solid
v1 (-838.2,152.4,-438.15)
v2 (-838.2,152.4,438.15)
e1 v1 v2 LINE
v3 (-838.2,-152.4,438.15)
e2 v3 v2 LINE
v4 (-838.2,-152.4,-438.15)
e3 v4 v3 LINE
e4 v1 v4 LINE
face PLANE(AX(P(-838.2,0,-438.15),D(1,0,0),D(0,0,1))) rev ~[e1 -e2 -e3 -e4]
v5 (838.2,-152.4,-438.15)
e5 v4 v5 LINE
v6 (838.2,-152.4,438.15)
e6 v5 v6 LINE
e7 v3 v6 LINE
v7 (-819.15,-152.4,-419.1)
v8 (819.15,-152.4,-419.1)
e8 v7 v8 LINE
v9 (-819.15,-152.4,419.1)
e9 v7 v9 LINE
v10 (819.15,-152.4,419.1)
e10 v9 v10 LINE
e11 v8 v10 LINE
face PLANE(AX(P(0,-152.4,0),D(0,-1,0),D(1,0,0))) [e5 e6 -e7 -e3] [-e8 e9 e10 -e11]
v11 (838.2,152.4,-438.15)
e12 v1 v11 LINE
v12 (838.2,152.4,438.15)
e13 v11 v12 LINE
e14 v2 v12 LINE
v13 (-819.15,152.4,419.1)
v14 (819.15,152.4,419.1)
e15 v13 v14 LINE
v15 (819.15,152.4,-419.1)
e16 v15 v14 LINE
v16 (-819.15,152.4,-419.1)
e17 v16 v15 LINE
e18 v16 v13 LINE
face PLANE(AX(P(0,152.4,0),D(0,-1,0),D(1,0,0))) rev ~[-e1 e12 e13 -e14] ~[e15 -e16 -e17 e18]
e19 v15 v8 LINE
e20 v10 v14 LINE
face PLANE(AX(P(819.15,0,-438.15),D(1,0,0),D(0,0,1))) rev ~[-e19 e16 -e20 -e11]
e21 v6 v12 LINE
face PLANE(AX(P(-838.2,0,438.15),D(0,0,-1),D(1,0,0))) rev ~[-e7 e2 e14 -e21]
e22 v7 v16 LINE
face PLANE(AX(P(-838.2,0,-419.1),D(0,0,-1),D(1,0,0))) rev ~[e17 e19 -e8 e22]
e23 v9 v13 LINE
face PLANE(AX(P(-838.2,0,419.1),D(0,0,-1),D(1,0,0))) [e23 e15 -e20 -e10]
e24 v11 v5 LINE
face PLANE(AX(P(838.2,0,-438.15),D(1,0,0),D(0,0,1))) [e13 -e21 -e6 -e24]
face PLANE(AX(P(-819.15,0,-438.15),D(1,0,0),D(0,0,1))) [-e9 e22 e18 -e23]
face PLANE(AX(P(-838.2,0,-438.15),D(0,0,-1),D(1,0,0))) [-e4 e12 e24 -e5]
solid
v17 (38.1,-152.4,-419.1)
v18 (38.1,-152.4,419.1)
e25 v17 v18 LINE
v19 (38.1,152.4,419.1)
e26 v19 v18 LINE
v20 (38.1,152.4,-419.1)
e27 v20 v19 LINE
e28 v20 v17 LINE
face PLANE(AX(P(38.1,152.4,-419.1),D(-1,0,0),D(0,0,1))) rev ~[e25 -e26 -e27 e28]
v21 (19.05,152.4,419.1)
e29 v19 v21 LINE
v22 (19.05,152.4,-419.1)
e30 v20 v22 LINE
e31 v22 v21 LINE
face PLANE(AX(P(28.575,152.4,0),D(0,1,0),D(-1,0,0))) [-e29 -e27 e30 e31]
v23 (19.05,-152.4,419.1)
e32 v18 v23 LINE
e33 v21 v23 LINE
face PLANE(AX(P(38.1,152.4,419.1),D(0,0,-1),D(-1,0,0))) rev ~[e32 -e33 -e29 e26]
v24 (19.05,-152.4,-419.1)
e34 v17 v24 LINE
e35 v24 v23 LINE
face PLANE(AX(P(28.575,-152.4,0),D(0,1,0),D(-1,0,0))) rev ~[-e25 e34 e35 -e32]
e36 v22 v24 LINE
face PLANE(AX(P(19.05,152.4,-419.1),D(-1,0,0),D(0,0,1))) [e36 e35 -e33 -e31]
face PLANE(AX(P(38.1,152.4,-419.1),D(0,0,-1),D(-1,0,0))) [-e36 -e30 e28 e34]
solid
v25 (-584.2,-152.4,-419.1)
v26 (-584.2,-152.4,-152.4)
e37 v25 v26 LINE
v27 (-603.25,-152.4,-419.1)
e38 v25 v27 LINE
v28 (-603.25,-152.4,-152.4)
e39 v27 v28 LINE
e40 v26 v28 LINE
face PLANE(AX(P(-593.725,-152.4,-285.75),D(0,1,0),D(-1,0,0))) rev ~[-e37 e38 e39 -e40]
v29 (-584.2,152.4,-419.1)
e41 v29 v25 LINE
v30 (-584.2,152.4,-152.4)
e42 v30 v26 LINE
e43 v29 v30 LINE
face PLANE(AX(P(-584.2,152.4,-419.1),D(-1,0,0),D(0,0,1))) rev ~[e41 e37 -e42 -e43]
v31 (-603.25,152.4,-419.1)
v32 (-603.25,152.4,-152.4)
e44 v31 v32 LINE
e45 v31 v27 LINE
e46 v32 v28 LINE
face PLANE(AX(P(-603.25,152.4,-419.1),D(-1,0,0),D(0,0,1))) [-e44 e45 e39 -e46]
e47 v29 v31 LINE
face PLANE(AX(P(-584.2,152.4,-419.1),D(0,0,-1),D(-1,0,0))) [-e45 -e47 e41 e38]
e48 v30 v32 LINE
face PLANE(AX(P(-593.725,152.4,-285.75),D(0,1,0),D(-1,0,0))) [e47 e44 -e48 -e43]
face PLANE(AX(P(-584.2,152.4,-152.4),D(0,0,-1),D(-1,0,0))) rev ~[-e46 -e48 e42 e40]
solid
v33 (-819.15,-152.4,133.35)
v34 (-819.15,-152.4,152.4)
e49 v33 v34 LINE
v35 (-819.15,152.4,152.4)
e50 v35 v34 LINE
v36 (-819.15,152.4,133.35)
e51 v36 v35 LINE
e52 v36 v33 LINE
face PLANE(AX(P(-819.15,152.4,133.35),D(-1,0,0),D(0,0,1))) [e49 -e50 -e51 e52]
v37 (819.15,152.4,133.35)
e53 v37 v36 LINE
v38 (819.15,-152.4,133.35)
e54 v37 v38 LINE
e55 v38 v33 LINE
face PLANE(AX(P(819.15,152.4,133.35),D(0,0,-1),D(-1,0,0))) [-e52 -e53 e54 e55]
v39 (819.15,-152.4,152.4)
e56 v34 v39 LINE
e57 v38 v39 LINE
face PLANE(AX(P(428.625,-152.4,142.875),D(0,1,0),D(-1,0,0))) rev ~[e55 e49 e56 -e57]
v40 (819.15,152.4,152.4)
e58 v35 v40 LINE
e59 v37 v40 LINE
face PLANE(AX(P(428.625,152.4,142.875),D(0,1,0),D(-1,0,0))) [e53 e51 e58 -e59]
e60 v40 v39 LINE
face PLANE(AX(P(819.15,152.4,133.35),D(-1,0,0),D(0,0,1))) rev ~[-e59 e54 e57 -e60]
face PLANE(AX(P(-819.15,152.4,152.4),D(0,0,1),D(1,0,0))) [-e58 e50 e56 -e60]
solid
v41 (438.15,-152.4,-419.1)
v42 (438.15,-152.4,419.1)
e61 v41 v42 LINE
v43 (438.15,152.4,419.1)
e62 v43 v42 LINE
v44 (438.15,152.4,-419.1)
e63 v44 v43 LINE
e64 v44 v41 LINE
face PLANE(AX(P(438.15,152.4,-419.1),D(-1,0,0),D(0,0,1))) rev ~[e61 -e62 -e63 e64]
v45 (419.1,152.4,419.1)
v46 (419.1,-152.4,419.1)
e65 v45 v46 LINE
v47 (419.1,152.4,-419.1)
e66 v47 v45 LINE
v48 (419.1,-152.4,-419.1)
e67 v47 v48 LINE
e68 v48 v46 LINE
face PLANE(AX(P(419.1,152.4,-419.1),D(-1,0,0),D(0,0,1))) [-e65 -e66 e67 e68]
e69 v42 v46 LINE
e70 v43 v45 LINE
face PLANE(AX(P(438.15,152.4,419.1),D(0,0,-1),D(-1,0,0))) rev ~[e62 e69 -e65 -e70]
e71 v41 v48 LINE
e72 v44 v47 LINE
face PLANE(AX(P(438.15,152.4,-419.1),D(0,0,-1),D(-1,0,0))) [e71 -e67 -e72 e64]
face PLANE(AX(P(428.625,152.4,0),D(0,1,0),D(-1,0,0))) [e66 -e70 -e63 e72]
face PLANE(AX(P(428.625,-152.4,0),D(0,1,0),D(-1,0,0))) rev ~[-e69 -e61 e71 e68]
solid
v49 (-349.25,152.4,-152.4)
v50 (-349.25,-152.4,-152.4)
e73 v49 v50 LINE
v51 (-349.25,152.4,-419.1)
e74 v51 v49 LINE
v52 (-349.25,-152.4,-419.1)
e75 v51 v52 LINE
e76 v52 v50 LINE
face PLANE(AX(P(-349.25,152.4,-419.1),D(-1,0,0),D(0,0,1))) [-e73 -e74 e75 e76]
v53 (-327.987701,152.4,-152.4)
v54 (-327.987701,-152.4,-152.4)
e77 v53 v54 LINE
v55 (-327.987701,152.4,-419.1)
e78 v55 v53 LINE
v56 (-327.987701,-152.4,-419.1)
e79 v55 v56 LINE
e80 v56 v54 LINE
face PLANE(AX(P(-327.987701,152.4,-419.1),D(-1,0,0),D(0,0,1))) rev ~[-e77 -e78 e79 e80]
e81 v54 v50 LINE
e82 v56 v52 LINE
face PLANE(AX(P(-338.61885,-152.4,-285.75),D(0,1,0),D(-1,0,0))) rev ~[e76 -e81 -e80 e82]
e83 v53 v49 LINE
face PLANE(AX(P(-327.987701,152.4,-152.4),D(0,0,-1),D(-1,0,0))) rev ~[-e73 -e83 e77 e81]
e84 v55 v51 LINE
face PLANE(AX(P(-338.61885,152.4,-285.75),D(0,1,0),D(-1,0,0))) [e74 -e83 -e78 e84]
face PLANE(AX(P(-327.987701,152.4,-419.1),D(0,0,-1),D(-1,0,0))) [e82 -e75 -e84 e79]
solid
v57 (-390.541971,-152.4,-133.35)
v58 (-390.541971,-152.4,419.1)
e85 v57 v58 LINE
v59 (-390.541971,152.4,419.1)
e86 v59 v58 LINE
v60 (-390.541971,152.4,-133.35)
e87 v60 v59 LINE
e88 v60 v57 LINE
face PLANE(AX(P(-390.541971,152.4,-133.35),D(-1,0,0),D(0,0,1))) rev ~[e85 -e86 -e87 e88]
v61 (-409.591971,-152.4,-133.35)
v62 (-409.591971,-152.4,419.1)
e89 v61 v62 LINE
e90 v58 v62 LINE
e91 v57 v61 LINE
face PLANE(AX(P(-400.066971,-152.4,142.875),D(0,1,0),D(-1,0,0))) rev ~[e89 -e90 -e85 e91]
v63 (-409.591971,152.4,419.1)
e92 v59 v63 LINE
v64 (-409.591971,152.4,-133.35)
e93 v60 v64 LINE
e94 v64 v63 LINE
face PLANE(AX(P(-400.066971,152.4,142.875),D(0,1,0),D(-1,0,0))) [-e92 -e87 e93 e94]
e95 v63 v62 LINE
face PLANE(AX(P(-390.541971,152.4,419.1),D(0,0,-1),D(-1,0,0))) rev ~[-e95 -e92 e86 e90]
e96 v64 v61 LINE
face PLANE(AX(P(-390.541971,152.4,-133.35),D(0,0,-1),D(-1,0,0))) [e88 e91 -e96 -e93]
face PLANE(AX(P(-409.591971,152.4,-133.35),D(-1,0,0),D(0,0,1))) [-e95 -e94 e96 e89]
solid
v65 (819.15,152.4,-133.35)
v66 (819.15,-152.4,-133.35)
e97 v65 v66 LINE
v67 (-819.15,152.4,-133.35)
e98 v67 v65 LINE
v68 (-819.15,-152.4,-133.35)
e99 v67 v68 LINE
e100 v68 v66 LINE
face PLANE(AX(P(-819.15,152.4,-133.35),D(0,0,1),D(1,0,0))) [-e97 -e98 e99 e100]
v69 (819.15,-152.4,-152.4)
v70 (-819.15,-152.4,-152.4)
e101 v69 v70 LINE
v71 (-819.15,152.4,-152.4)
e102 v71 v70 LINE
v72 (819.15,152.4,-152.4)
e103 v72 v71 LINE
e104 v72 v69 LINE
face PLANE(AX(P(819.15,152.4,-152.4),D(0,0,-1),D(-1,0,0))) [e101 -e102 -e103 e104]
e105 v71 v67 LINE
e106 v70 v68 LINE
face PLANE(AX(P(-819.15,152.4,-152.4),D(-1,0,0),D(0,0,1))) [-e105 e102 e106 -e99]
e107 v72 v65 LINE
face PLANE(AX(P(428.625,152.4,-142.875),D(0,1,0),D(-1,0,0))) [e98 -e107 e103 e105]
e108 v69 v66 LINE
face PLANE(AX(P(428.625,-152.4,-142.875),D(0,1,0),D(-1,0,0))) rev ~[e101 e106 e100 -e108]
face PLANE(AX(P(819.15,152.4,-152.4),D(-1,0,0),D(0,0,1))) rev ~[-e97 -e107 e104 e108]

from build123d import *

# Parameters (mm, degrees)
F1_W      = 1676.4
F1_H      = 876.3
F2_DEPTH  = 152.4
F3_T      = -19.05
F4_W      = 19.05
F4_H      = 838.2
F5_DEPTH  = 304.8
F6_W      = 19.05
F6_H      = 838.2
F7_DEPTH  = 304.8
F8_W      = 781.05
F8_H      = 19.05
F8_W_2    = 838.2
F8_W_3    = 19.05
F9_DEPTH  = 304.8
F10_W     = 19.05
F10_H     = 552.45
F11_DEPTH = 304.8
F10_W_2   = 21.2622992992
F10_H_2   = 266.7


with BuildPart() as f2:
    # F1 (on Front) → F2 (new body, symmetric)
    with BuildSketch(Plane.XZ):
        Rectangle(F1_W, F1_H)
    extrude(amount=F2_DEPTH, both=True)

    # F3
    f3_openings = [f2.faces().sort_by_distance(p)[0] for p in [
        (0, -152.4, 0),
        (0, 152.4, 0),
    ]]
    offset(amount=F3_T, openings=f3_openings)


with BuildPart() as f5:
    # F4 (on face) → F5 (new body)
    with BuildSketch(Plane(origin=(0, 152.4, 0), x_dir=(-1, 0, 0), z_dir=(0, 1, 0))):
        with Locations((-428.625, 0)):
            Rectangle(F4_W, F4_H)
    extrude(amount=-F5_DEPTH)


with BuildPart() as f7:
    # F6 (on face) → F7 (new body)
    with BuildSketch(Plane(origin=(0, 152.4, 0), x_dir=(-1, 0, 0), z_dir=(0, 1, 0))):
        with Locations((-28.575, 0)):
            Rectangle(F6_W, F6_H)
    extrude(amount=-F7_DEPTH)


with BuildPart() as f9:
    # F8 (on face) → F9 (new body)
    with BuildSketch(Plane(origin=(0, 152.4, 0), x_dir=(-1, 0, 0), z_dir=(0, 1, 0))):
        with Locations((-428.625, 142.875)):
            Rectangle(F8_W, F8_H)
        with Locations((400.05, 142.875)):
            Rectangle(F8_W_2, F8_H)
        with Locations((-28.575, 142.875)):
            Rectangle(F8_W_3, F8_H)
    extrude(amount=-F9_DEPTH)


with BuildPart() as f9b:
    # F8 (on face) → F9, piece 2 (new body)
    with BuildSketch(Plane(origin=(0, 152.4, 0), x_dir=(-1, 0, 0), z_dir=(0, 1, 0))):
        with Locations((-428.625, -142.875)):
            Rectangle(F8_W, F8_H)
        with Locations((-28.575, -142.875)):
            Rectangle(F8_W_3, F8_H)
        with Locations((400.05, -142.875)):
            Rectangle(F8_W_2, F8_H)
    extrude(amount=-F9_DEPTH)


with BuildPart() as f11:
    # F10 (on face) → F11 (new body)
    with BuildSketch(Plane(origin=(0, 152.4, 0), x_dir=(-1, 0, 0), z_dir=(0, 1, 0))):
        with Locations((400.0669707298, 142.875)):
            Rectangle(F10_W, F10_H)
    extrude(amount=-F11_DEPTH)


with BuildPart() as f11b:
    # F10 (on face) → F11, piece 2 (new body)
    with BuildSketch(Plane(origin=(0, 152.4, 0), x_dir=(-1, 0, 0), z_dir=(0, 1, 0))):
        with Locations((338.6188503504, -285.75)):
            Rectangle(F10_W_2, F10_H_2)
    extrude(amount=-F11_DEPTH)


with BuildPart() as f11c:
    # F10 (on face) → F11, piece 3 (new body)
    with BuildSketch(Plane(origin=(0, 152.4, 0), x_dir=(-1, 0, 0), z_dir=(0, 1, 0))):
        with Locations((593.725, -285.75)):
            Rectangle(F10_W, F10_H_2)
    extrude(amount=-F11_DEPTH)


solid = Compound([f2.part, f5.part, f7.part, f9.part, f9b.part, f11.part, f11b.part, f11c.part])
